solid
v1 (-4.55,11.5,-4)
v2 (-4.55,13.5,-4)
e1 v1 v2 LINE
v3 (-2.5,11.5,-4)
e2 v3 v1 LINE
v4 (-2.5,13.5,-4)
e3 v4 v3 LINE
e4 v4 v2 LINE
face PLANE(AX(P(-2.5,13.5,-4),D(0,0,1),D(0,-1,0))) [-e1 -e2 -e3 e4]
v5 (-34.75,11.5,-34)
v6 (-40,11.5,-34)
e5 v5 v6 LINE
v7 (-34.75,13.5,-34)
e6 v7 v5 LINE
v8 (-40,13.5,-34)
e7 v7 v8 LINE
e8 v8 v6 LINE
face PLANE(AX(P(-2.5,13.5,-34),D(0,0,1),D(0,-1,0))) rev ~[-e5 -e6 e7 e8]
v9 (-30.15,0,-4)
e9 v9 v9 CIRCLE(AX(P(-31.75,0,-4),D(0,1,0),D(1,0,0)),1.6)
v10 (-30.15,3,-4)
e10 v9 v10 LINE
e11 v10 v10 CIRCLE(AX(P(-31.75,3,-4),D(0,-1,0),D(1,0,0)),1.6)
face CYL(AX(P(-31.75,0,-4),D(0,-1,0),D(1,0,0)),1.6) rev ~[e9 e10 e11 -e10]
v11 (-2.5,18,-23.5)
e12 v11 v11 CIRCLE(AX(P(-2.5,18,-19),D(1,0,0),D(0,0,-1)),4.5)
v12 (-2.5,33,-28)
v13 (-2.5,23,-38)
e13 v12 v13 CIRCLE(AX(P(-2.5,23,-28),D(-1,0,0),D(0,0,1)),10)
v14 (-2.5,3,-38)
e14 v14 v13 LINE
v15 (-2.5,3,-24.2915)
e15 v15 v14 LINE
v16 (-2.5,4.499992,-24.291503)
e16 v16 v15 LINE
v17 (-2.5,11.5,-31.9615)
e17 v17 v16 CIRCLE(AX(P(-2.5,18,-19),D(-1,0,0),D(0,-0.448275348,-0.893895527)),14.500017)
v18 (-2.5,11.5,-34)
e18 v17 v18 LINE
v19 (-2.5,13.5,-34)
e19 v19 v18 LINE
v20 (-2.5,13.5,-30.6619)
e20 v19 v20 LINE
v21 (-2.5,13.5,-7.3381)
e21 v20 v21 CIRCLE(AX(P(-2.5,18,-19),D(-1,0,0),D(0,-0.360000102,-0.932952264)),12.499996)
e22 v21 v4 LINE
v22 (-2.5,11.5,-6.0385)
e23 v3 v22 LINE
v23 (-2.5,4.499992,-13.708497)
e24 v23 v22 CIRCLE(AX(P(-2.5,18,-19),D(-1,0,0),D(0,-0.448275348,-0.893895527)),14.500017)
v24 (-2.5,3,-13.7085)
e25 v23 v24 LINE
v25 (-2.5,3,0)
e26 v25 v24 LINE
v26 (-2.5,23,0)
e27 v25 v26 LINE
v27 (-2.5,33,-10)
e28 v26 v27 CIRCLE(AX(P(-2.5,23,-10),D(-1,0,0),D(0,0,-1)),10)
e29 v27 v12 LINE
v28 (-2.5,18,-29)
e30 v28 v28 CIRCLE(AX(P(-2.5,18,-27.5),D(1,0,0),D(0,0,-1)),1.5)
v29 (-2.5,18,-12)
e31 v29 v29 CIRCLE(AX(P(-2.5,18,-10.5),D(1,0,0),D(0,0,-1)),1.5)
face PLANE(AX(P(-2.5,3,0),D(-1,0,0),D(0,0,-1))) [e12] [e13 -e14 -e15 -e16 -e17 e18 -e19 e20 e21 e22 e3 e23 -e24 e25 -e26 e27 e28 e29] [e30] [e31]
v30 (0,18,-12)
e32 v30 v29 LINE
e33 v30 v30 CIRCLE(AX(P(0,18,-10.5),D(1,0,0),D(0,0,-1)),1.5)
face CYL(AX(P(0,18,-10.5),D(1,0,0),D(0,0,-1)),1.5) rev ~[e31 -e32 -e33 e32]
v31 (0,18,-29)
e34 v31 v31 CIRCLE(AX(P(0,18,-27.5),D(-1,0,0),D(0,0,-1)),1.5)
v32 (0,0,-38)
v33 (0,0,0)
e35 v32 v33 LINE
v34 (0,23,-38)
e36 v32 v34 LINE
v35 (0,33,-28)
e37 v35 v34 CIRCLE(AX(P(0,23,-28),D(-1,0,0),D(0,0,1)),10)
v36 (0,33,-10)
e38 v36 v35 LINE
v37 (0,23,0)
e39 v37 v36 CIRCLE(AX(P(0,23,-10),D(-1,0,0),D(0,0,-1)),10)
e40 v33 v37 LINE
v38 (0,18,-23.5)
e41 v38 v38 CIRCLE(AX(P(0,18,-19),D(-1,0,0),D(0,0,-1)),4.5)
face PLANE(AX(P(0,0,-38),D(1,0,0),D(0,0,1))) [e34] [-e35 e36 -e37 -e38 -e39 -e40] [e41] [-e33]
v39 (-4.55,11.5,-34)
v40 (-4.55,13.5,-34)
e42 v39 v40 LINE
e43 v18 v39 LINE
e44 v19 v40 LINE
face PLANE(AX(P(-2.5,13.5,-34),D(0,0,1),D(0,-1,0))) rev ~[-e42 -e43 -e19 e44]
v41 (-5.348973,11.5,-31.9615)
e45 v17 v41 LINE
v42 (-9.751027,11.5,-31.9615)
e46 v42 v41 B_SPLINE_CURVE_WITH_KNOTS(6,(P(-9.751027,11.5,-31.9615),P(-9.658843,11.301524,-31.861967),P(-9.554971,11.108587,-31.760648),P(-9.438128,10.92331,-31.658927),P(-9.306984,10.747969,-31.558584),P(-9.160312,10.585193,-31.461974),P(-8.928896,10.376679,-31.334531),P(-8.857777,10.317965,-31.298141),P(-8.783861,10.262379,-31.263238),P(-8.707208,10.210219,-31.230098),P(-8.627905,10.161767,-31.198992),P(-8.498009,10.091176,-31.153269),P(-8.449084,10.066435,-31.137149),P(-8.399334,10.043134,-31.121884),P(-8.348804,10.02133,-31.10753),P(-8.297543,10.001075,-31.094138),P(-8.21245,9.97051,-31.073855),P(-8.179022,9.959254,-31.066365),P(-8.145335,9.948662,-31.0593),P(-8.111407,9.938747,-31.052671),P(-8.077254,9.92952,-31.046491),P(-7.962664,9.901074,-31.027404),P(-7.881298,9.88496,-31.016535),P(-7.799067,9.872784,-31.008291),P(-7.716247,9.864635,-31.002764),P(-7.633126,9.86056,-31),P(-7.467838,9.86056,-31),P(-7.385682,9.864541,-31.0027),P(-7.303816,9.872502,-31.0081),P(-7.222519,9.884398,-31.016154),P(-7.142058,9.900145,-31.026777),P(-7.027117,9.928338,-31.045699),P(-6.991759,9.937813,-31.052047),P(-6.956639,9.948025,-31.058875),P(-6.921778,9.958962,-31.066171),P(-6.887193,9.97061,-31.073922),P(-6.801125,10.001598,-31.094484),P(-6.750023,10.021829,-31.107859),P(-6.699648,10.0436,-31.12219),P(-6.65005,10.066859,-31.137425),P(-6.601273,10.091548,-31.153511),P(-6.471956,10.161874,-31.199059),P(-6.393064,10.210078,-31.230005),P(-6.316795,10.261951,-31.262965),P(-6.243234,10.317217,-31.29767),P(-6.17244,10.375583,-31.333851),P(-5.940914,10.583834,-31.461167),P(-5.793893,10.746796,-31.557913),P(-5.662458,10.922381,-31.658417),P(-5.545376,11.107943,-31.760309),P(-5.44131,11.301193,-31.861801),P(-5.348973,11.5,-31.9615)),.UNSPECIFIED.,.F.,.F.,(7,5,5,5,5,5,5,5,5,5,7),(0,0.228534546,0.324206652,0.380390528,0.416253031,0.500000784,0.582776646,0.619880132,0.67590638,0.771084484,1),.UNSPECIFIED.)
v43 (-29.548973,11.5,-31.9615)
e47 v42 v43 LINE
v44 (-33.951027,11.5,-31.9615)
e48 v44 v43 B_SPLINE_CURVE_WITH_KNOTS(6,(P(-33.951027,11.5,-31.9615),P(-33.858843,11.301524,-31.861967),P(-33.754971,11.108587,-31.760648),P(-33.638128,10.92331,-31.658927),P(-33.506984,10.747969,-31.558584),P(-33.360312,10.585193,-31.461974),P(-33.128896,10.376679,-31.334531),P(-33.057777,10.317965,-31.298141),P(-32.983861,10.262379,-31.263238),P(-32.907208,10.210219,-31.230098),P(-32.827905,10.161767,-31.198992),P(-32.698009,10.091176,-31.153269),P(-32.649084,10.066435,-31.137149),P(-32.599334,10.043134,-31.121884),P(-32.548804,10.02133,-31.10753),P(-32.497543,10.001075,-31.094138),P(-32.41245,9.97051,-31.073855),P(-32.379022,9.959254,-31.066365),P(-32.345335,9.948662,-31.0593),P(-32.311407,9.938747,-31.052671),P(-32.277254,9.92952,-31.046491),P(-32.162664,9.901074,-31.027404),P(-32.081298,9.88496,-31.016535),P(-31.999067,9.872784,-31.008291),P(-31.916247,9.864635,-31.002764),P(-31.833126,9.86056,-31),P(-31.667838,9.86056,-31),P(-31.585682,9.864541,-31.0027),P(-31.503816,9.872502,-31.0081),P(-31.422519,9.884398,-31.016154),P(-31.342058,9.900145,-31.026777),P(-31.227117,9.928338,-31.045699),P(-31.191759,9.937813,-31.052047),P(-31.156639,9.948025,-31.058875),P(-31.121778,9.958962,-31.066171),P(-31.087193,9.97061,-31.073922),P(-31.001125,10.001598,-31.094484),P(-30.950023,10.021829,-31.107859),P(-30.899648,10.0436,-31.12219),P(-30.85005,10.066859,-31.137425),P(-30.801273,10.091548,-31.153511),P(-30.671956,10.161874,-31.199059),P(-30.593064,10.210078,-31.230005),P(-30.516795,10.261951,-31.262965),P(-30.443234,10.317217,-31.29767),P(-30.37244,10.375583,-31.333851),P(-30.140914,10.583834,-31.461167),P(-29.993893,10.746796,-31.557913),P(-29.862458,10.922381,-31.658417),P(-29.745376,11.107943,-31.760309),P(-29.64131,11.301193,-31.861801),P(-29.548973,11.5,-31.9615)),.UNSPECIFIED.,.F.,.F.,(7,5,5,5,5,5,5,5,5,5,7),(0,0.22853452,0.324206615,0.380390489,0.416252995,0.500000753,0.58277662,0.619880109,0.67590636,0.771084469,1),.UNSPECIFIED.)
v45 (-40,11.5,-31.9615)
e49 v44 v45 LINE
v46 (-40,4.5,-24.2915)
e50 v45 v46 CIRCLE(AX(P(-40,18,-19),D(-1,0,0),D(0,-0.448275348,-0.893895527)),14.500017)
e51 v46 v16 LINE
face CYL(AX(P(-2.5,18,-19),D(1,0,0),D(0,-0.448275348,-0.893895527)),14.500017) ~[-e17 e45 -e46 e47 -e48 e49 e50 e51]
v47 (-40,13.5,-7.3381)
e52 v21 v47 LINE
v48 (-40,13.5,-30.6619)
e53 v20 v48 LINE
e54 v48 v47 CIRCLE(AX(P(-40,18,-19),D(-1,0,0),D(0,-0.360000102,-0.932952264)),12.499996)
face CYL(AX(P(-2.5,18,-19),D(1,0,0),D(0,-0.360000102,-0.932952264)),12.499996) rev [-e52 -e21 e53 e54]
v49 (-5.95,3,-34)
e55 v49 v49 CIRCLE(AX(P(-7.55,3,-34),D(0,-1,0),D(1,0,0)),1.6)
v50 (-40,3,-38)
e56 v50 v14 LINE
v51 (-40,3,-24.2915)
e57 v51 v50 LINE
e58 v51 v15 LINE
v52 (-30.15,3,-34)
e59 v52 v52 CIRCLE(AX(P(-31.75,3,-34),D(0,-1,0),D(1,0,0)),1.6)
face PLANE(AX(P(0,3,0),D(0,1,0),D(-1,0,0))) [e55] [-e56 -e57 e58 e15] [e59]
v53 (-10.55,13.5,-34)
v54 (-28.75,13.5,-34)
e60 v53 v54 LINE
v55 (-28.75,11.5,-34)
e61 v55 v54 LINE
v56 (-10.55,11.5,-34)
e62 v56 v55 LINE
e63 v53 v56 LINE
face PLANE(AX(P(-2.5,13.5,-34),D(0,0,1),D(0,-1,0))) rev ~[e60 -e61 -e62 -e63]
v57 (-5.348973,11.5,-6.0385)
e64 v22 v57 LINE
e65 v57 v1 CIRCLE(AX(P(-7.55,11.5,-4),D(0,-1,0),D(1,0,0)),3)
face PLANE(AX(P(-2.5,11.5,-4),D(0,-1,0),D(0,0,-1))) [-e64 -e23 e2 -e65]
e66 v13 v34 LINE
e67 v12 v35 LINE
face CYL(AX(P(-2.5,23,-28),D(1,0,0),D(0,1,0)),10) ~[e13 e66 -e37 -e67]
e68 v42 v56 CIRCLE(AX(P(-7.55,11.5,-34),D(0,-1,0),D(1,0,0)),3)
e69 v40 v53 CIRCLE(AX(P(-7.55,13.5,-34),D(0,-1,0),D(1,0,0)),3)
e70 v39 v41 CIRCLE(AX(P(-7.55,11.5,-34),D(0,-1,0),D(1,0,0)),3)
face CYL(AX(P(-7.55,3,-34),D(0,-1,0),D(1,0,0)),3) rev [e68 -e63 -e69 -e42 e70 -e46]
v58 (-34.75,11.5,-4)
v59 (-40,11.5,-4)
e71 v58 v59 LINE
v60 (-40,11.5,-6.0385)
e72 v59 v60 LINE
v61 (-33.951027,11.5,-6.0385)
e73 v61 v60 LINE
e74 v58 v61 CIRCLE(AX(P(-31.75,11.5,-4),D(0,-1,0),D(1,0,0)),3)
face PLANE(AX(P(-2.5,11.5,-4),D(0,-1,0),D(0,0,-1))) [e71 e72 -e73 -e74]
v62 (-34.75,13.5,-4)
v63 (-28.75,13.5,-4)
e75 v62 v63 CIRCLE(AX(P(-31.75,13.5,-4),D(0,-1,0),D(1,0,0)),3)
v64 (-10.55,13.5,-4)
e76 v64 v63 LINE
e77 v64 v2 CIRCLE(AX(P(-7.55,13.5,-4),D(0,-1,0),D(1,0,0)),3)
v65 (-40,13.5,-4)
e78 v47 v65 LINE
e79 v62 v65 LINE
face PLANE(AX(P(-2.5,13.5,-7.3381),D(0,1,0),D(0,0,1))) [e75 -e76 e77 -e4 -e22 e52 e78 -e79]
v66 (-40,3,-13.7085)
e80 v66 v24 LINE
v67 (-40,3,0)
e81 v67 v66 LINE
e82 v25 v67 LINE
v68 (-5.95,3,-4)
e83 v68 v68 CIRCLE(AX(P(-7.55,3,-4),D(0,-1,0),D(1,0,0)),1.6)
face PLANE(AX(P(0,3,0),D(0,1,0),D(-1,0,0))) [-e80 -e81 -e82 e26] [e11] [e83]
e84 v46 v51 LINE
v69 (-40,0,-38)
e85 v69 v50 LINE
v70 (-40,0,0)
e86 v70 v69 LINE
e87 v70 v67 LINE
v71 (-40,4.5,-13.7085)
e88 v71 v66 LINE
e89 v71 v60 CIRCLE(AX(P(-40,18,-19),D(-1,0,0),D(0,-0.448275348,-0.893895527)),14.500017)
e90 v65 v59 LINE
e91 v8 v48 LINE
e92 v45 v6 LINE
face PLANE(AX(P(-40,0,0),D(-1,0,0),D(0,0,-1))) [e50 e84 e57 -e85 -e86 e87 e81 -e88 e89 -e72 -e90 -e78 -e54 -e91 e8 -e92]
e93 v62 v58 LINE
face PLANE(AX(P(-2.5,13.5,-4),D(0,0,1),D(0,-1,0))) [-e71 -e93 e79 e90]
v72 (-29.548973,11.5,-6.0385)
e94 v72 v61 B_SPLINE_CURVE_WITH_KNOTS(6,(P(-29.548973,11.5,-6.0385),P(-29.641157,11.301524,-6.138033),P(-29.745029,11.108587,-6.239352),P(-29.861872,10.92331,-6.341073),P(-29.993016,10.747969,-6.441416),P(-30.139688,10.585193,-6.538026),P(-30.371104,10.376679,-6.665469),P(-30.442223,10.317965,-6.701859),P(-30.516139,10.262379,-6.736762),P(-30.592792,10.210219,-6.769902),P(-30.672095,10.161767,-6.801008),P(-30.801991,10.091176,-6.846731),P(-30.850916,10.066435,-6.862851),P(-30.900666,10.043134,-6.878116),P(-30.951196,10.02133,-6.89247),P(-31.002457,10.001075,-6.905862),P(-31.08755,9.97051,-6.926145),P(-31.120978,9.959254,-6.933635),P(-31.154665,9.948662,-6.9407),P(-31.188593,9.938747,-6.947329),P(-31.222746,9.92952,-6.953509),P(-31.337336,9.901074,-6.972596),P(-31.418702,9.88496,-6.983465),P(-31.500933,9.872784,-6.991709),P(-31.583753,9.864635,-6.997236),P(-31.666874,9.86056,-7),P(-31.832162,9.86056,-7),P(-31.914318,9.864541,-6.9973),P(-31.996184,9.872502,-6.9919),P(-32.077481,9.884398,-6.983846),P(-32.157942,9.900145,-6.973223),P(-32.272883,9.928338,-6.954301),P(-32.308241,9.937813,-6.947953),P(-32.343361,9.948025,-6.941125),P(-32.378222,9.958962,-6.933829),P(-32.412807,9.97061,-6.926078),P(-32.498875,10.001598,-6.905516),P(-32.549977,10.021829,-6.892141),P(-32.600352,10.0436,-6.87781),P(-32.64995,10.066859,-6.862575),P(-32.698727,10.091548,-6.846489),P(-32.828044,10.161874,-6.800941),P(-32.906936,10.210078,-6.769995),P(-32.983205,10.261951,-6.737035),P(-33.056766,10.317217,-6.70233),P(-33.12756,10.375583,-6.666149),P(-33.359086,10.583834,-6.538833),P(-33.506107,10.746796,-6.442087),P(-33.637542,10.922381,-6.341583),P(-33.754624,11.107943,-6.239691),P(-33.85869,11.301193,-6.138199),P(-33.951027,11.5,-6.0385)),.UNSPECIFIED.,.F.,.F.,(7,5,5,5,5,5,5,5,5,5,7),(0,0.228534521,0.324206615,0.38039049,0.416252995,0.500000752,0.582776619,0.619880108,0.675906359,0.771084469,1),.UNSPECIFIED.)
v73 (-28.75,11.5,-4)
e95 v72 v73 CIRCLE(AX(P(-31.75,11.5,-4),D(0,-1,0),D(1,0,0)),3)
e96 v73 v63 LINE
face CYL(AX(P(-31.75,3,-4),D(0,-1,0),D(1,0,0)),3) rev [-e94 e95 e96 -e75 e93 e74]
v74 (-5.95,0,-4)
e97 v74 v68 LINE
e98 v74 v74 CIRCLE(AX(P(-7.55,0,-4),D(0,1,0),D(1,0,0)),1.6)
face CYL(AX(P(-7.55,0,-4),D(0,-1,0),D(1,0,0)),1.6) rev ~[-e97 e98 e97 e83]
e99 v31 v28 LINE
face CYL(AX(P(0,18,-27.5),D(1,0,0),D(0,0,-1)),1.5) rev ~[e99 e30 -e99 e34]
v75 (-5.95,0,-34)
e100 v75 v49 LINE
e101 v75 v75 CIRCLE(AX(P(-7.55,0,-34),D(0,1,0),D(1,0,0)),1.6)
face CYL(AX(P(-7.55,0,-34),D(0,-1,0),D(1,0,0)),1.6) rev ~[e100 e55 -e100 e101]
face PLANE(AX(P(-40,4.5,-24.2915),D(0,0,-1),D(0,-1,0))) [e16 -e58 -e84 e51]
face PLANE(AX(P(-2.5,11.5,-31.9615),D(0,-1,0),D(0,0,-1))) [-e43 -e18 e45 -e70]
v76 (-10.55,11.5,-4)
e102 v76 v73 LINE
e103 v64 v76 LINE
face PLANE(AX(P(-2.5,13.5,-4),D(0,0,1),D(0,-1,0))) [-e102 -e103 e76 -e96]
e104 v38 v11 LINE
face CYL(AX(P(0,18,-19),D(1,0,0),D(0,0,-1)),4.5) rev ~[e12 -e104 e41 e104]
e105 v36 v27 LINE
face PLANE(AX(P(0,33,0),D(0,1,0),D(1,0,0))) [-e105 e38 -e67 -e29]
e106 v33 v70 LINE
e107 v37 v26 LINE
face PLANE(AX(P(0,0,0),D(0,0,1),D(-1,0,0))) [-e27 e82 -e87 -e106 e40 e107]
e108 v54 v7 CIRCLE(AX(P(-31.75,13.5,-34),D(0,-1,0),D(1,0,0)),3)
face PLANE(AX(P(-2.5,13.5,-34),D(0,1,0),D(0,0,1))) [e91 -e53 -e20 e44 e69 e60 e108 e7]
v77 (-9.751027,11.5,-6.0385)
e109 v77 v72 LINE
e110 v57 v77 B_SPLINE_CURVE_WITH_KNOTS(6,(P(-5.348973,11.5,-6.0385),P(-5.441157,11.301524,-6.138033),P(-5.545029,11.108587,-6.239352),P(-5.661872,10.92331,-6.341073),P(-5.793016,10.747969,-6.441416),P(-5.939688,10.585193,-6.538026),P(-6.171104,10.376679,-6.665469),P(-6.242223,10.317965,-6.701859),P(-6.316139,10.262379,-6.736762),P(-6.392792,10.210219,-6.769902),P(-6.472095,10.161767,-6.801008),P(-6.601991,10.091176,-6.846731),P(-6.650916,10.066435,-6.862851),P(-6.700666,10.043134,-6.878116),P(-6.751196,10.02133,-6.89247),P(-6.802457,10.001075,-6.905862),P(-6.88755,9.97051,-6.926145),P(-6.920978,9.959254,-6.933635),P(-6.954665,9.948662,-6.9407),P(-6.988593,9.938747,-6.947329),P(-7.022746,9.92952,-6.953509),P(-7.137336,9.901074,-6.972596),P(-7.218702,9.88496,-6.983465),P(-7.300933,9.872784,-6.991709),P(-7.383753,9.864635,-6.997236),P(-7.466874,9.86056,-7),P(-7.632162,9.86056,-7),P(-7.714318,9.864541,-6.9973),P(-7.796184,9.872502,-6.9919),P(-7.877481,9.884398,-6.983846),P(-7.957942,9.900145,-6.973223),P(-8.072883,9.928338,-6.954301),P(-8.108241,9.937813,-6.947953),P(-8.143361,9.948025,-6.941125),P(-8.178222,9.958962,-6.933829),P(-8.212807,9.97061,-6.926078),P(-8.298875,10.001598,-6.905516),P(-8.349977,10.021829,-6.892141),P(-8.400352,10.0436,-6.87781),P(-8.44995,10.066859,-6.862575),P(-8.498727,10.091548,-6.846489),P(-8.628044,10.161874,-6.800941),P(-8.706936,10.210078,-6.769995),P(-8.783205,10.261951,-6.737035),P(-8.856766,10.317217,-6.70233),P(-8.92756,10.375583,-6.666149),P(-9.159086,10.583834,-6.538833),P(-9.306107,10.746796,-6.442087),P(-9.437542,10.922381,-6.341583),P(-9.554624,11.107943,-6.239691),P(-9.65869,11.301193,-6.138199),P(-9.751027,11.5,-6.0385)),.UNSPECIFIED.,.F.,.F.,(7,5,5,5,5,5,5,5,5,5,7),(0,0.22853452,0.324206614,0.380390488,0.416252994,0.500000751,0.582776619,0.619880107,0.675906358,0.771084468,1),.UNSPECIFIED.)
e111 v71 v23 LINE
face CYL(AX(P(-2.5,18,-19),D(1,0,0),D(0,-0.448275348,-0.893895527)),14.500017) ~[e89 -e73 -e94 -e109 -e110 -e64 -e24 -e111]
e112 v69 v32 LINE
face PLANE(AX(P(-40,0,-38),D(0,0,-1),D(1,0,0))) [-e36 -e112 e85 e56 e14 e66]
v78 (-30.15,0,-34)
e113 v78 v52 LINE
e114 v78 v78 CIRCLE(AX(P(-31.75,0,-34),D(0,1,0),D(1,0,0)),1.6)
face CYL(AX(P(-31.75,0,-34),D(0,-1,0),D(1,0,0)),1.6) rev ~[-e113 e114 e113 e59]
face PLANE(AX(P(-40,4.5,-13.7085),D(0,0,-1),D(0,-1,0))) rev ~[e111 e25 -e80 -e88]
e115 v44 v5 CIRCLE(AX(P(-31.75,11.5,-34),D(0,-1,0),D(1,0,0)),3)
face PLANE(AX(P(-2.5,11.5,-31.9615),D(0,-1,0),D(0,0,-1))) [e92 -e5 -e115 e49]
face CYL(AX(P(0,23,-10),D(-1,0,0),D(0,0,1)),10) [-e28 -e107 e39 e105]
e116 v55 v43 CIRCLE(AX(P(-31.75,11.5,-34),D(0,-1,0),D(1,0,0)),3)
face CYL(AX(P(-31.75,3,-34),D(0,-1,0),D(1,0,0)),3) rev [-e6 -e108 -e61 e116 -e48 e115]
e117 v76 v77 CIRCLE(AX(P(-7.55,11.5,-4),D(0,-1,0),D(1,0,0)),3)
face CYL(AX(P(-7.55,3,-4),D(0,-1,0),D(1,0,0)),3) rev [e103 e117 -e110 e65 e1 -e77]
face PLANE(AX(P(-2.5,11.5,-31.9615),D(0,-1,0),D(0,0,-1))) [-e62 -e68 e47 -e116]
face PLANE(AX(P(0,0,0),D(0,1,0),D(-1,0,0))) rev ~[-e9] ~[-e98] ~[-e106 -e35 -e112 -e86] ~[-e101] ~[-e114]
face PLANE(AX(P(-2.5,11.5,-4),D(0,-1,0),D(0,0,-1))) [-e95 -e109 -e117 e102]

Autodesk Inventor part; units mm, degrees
ref_plane "YZ Plane" through (0, 0, 0) normal (1, 0, 0) x (0, 1, 0)
ref_plane "XZ Plane" through (0, 0, 0) normal (0, 1, 0) x (-1, 0, 0)
ref_plane "XY Plane" through (0, 0, 0) normal (0, 0, 1) x (1, 0, 0)
sketch "Boceto1" plane through (0, 0, 0) normal (0, 1, 0) x (-1, 0, 0)
  point P0 (0, 0)
sketch "Boceto2" plane through (0, 0, 0) normal (0, 1, 0) x (-1, 0, 0)
  line L0 (0, 0) -> (40, 0)
  line L1 (40, 0) -> (40, -38)
  line L2 (40, -38) -> (0, -38)
  line L3 (0, -38) -> (0, 0)
  dimension "d0" = 40
  dimension "d1" = 38
extrude "Extrusión1" add sketch "Boceto2" along normal blind 3
sketch "Boceto3" plane through (0, 3, 0) normal (0, 1, 0) x (1, 0, 0)
  line L0 (0, 0) -> (0, 38) projected
  line L1 (0, 0) -> (-2.5, 0)
  line L2 (-40, 0) -> (0, 0) projected
  line L3 (-2.5, 0) -> (-2.5, 38)
  line L4 (-2.5, 38) -> (0, 38)
  line L5 (0, 38) -> (0, 0)
  dimension "d4" = 2.5
  dimension "d5" = 38
extrude "Extrusión2" add sketch "Boceto3" along normal blind 30
sketch "Boceto4" plane through (0, 0, 0) normal (1, 0, 0) x (0, 0, -1)
  line L0 (0, 0) -> (38, 0) projected
  circle A0 centre (19, 18) radius 4.5
  line L1 (19, 0) -> (19, 18)
  dimension "d9" = 9
  dimension "d21" = 18
extrude "Extrusión3" cut sketch "Boceto4" against normal blind 30
sketch "Boceto5" plane through (0, 0, 0) normal (1, 0, 0) x (0, 0, -1)
  circle A0 centre (19, 18) radius 4.5 projected
  line L0 (19, 18) -> (27.5, 18)
  line L1 (19, 18) -> (10.5, 18)
  circle A1 centre (10.5, 18) radius 1.5
  circle A2 centre (27.5, 18) radius 1.5
  point P0 (0, 0)
  dimension "d12" = 8.5
  dimension "d13" = 8.5
  dimension "d14" = 3
  dimension "d15" = 3
extrude "Extrusión4" cut sketch "Boceto5" against normal blind 8.5 contours A1 | A2
fillet "Empalme1" radius 10 1 edges at (-1.25, 33, 0)
fillet "Empalme2" radius 10 1 edges at (-1.25, 33, -38)
sketch "Boceto6" plane through (-2.5, 3, -38) normal (-1, 0, 0) x (0, 0, 1)
  circle A0 centre (19, 15) radius 4.5 projected
  arc A1 (7.3381, 10.5) -> (30.6619, 10.5) centre (19, 15) ccw
  line L0 (30.6619, 10.5) -> (34, 10.5)
  circle A2 centre (19, 15) radius 4.5 projected
  line L1 (4, 10.5) -> (7.3381, 10.5)
  line L2 (34, 8.5) -> (31.9615, 8.5)
  arc A3 (6.0385, 8.5) -> (31.9615, 8.5) centre (19, 15) ccw
  line L3 (6.0385, 8.5) -> (4, 8.5)
  line L4 (4, 10.5) -> (4, 8.5)
  line L5 (0, 0) -> (0, 20) projected
  line L6 (34, 10.5) -> (34, 8.5)
  line L7 (38, 0) -> (38, 20) projected
  point P0 (38, -3)
  dimension "d20" = 25
  dimension "d27" = 2
extrude "Extrusión5" add sketch "Boceto6" along normal blind 37.5 contours A1 L0 L6 L2 A3 L3 L4 L1
sketch "Boceto9" plane through (0, 0, 0) normal (0, -1, 0) x (1, 0, 0)
  line L0 (0, 0) -> (0, -38) projected
  line L1 (0, -38) -> (0, -19)
  line L2 (0, -19) -> (-7.55, -19)
  line L3 (-7.55, -19) -> (-7.55, -4)
  line L4 (-7.55, -19) -> (-7.55, -34)
  circle A0 centre (-7.55, -4) radius 1.6
  circle A1 centre (-7.55, -34) radius 1.6
  line L5 (-7.55, -4) -> (-31.75, -4)
  line L6 (-2.5, -4) -> (-40, -4) projected
  line L7 (-31.75, -4) -> (-31.75, -34)
  circle A2 centre (-31.75, -4) radius 1.6
  circle A3 centre (-31.75, -34) radius 1.6
  dimension "d33" = 19
  dimension "d34" = 7.55
  dimension "d35" = 15
  dimension "d37" = 15
  dimension "d38" = 3.2
  dimension "d39" = 3.2
  dimension "d41" = 24.2
  dimension "d42" = 30
  dimension "d43" = 3.2
  dimension "d44" = 3.2
extrude "Extrusión6" cut sketch "Boceto9" against normal blind 3
sketch "Boceto10" plane through (0, 3, 0) normal (0, 1, 0) x (1, 0, 0)
  circle A0 centre (-31.75, 4) radius 1.6 projected
  circle A1 centre (-31.75, 4) radius 3
  circle A2 centre (-7.55, 4) radius 1.6 projected
  circle A3 centre (-7.55, 4) radius 3
  circle A4 centre (-31.75, 34) radius 1.6 projected
  circle A5 centre (-31.75, 34) radius 3
  line L0 (-2.5, 34) -> (-40, 34) projected
  circle A6 centre (-7.55, 34) radius 3
  point P0 (0, 0)
  dimension "d58" = 6
  dimension "d59" = 6
  dimension "d60" = 6
  dimension "d61" = 6
extrude "Extrusión7" cut sketch "Boceto10" along normal blind 20 contours A0 | A1 | A2 | A3 | L0 A4 | L0 A5 A4 | A4 L0 A5 | A4 L0 | A6 L0 | L0 A6
sketch "Boceto11" plane through (-40, 0, -38) normal (-1, 0, 0) x (0, 0, 1)
  line L0 (0, 3) -> (38, 3) projected
  arc A0 (6.0385, 11.5) -> (31.9615, 11.5) centre (19, 18) ccw projected
  line L1 (19, 4.5) -> (24.2915, 4.5)
  line L2 (19, 4.5) -> (13.7085, 4.5)
  line L3 (13.7085, 4.5) -> (13.7085, 3)
  line L4 (24.2915, 4.5) -> (24.2915, 3)
  line L5 (13.7085, 3) -> (24.2915, 3)
  point P0 (38, 0)
extrude "Extrusión8" add sketch "Boceto11" against normal blind 40
equation "\"d16\" = d12"
equation "\"Radio_pliegue\" = Grosor"
equation "\"Anchura_desahogo_plegado\" = Grosor"
equation "\"Profundidad_desahogo_plegado\" = 0.5 * Grosor"
equation "\"Tamaño_destalonado\" = 4 * Grosor"
equation "\"Remanente_mínimo\" = 2 * Grosor"
equation "\"Radiodetransición\" = Radio_pliegue"
equation "\"Tamaño_de_radio_de_Jacobi\" = Radio_pliegue"
equation "\"TamañoSeparación\" = Grosor"
equation "\"Grosor\" = 0.5"
properties part number "Base_nueva_3DPrint"
